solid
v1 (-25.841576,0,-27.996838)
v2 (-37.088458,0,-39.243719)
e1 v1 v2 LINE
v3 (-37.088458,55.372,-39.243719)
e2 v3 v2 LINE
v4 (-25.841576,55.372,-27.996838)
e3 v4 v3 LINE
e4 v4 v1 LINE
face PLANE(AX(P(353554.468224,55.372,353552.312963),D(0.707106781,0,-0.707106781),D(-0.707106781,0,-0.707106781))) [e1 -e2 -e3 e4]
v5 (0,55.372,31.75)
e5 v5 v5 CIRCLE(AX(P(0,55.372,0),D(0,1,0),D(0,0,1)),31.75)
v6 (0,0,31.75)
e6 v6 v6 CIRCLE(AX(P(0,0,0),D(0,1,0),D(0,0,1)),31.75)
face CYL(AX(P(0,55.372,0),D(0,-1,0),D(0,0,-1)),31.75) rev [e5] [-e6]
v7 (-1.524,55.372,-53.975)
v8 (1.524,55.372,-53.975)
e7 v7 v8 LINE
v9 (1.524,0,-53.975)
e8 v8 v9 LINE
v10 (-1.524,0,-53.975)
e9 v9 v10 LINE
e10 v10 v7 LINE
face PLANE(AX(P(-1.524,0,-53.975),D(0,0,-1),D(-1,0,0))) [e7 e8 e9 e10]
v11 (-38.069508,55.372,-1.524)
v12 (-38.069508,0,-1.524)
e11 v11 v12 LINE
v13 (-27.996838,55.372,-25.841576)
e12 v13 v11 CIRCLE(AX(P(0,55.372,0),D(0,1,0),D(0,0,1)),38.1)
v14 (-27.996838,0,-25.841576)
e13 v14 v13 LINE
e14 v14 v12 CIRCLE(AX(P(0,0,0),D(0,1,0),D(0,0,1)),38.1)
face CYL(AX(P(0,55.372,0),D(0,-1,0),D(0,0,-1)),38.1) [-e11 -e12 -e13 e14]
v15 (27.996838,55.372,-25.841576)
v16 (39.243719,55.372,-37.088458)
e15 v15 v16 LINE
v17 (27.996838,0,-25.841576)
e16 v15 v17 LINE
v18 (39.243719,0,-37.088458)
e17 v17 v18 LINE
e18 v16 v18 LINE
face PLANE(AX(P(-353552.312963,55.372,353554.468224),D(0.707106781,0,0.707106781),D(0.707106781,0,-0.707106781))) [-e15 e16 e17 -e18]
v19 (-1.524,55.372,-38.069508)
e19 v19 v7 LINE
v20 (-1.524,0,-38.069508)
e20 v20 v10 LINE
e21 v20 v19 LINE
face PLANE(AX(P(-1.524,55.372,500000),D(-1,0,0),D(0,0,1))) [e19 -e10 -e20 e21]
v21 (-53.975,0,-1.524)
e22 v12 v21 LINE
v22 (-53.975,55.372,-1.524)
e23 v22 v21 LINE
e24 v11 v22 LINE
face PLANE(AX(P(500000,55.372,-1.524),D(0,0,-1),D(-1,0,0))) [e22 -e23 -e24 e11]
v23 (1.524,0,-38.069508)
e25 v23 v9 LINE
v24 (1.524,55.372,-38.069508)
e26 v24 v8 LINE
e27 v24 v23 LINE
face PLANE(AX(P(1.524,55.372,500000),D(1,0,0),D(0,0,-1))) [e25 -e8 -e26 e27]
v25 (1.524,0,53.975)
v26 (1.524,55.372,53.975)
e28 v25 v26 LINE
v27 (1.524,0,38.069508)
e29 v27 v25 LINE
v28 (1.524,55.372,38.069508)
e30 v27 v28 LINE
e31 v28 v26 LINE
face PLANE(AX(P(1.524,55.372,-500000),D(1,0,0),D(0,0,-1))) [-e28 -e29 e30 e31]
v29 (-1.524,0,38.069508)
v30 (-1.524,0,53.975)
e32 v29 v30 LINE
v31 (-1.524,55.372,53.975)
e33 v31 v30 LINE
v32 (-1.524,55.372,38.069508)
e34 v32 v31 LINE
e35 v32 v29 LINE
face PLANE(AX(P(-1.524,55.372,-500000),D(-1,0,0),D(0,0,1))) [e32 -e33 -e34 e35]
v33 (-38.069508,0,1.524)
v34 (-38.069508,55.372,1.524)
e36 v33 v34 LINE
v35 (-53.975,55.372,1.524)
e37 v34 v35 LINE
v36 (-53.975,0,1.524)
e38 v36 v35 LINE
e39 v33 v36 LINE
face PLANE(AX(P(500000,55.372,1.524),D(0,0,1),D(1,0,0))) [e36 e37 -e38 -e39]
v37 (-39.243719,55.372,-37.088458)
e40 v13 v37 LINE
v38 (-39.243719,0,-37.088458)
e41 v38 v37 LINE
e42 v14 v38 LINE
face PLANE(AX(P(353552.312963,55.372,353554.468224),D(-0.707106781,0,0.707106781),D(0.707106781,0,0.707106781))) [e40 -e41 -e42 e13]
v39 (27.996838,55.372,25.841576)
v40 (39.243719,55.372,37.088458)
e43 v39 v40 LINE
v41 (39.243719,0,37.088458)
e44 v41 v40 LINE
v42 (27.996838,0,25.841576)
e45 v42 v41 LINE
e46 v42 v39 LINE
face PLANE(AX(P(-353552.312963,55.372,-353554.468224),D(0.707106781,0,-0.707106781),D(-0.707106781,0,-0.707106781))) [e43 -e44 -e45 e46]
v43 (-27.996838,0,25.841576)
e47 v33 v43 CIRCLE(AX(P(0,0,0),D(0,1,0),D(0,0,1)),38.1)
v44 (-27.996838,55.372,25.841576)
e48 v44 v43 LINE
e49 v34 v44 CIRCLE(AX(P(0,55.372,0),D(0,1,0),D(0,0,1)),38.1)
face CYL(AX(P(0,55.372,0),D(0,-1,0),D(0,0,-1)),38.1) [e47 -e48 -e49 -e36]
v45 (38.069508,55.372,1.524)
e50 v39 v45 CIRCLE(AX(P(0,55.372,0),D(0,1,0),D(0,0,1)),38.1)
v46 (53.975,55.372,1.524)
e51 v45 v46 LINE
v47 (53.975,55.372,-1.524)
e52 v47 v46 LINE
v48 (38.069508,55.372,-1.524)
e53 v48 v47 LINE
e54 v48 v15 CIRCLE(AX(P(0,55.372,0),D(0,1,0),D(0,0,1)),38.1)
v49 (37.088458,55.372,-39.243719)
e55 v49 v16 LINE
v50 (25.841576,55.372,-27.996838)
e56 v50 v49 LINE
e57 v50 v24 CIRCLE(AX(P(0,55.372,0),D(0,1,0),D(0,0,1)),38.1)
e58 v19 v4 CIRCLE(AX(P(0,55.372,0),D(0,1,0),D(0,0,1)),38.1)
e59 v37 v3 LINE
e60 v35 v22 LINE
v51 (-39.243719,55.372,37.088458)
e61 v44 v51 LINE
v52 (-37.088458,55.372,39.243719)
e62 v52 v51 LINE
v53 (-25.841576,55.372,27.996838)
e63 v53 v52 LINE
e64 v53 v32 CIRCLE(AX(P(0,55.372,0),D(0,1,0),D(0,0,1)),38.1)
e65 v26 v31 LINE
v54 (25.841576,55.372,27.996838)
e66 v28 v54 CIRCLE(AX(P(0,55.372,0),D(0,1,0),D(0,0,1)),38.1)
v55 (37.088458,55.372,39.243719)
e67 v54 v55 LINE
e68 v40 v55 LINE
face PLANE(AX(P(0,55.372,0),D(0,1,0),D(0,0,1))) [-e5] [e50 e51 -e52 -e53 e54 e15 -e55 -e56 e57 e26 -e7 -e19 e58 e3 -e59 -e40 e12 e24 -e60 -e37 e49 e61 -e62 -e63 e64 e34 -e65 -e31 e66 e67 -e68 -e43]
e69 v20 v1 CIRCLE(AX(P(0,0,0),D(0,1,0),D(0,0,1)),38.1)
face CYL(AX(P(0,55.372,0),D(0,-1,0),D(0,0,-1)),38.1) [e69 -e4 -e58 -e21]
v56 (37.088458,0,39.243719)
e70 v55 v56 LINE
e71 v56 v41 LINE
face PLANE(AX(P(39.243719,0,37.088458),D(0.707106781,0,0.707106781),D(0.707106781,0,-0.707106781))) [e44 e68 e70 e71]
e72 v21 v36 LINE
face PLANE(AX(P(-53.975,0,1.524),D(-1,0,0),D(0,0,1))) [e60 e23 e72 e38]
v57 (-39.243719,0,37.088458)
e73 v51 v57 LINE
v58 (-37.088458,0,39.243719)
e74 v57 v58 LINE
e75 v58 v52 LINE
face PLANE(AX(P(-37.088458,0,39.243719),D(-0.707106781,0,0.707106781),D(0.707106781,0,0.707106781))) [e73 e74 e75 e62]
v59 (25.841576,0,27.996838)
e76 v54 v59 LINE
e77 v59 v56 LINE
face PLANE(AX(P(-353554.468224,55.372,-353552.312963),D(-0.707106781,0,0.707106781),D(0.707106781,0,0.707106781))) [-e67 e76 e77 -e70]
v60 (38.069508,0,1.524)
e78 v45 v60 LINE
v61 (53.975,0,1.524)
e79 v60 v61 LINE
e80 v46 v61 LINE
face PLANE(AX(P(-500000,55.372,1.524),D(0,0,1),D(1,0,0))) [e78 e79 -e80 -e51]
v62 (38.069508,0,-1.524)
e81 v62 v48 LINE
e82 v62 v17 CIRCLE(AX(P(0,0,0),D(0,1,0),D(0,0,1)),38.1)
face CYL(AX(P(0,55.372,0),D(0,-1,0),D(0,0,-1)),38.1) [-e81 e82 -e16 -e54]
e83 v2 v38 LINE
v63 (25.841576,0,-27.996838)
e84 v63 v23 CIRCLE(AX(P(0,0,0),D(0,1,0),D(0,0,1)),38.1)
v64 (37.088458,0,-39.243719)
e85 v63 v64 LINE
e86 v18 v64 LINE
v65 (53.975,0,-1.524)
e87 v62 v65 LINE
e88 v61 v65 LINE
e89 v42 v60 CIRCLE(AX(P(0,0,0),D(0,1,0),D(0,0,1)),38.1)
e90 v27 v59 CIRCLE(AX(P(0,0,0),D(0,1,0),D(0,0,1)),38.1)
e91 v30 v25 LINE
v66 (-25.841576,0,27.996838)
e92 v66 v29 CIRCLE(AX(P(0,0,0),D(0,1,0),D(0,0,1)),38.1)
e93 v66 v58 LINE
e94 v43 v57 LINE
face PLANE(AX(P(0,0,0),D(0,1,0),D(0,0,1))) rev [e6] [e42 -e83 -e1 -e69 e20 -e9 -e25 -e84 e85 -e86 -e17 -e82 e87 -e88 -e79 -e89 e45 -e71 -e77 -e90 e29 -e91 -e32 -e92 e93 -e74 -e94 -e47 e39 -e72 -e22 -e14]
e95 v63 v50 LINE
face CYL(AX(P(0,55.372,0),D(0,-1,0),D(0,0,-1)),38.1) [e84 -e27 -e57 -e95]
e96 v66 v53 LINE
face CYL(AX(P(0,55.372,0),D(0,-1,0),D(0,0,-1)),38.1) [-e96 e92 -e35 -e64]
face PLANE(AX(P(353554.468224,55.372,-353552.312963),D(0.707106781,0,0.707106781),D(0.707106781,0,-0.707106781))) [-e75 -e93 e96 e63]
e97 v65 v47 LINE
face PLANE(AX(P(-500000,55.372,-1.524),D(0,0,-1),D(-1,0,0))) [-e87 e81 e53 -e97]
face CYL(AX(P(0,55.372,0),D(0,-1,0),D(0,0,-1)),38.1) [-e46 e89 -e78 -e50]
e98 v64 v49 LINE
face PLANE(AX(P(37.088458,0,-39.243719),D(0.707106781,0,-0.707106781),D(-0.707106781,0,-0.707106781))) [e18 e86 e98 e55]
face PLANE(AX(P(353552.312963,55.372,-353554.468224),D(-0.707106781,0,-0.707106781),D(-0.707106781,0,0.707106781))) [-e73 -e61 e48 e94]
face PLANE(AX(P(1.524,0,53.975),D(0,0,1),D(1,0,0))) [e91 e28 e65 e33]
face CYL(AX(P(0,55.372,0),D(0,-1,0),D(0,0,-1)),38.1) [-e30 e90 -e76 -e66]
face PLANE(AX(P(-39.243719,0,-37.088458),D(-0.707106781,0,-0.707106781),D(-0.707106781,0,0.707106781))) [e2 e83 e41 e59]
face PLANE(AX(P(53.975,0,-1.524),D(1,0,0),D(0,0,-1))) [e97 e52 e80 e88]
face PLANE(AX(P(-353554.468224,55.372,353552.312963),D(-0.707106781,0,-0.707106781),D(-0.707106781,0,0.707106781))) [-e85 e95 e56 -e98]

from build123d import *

# Parameters (mm, degrees)
SKETCH1_R                = 38.1
SKETCH1_R_2              = 31.75
BOSS_EXTRUDE1_DEPTH      = 55.372
BOSS_EXTRUDE2_REACH      = 115.998
BOSS_EXTRUDE2_END_RADIUS = 38.1
SKETCH2_W                = 3.048
SKETCH2_H                = 55.372
CIRPATTERN1_COUNT        = 8


with BuildPart() as part:
    # Sketch1 → Boss-Extrude1 (new body)
    with BuildSketch(Plane(origin=(0, 0, 0), x_dir=(1, 0, 0), z_dir=(0, 1, 0))):
        with Locations(Location((0, 0, 0), (0, 0, 270))):
            Circle(SKETCH1_R)
        with Locations(Location((0, 0, 0), (0, 0, 270))):
            Circle(SKETCH1_R_2, mode=Mode.SUBTRACT)
    extrude(amount=BOSS_EXTRUDE1_DEPTH)

    # Boss-Extrude2: up to this cylinder (the profile starts outside it)
    boss_extrude2_end = Plane(origin=(0, 27.686, 0), z_dir=(0, -1, 0)) * Cylinder(BOSS_EXTRUDE2_END_RADIUS, 309.196, mode=Mode.PRIVATE)
    # Sketch2 → Boss-Extrude2 (add, up to the surface)
    with BuildSketch(Plane.XY.offset(53.975), mode=Mode.PRIVATE) as boss_extrude2_sk1:
        with Locations((0, 27.686)):
            Rectangle(SKETCH2_W, SKETCH2_H)
    boss_extrude2_tool1 = extrude(boss_extrude2_sk1.sketch, amount=-BOSS_EXTRUDE2_REACH, mode=Mode.PRIVATE) - boss_extrude2_end
    boss_extrude2 = boss_extrude2_tool1.solids().sort_by_distance((0, 27.686, 53.975))[0]
    add(boss_extrude2)

    # CirPattern1: Boss-Extrude2 ×8 about axis
    cirpattern1_axis = Axis((0, 0, 0), (0, 1, 0))
    for i in range(1, CIRPATTERN1_COUNT):
        add(boss_extrude2.rotate(cirpattern1_axis, i * 360 / CIRPATTERN1_COUNT))


solid = part.part
